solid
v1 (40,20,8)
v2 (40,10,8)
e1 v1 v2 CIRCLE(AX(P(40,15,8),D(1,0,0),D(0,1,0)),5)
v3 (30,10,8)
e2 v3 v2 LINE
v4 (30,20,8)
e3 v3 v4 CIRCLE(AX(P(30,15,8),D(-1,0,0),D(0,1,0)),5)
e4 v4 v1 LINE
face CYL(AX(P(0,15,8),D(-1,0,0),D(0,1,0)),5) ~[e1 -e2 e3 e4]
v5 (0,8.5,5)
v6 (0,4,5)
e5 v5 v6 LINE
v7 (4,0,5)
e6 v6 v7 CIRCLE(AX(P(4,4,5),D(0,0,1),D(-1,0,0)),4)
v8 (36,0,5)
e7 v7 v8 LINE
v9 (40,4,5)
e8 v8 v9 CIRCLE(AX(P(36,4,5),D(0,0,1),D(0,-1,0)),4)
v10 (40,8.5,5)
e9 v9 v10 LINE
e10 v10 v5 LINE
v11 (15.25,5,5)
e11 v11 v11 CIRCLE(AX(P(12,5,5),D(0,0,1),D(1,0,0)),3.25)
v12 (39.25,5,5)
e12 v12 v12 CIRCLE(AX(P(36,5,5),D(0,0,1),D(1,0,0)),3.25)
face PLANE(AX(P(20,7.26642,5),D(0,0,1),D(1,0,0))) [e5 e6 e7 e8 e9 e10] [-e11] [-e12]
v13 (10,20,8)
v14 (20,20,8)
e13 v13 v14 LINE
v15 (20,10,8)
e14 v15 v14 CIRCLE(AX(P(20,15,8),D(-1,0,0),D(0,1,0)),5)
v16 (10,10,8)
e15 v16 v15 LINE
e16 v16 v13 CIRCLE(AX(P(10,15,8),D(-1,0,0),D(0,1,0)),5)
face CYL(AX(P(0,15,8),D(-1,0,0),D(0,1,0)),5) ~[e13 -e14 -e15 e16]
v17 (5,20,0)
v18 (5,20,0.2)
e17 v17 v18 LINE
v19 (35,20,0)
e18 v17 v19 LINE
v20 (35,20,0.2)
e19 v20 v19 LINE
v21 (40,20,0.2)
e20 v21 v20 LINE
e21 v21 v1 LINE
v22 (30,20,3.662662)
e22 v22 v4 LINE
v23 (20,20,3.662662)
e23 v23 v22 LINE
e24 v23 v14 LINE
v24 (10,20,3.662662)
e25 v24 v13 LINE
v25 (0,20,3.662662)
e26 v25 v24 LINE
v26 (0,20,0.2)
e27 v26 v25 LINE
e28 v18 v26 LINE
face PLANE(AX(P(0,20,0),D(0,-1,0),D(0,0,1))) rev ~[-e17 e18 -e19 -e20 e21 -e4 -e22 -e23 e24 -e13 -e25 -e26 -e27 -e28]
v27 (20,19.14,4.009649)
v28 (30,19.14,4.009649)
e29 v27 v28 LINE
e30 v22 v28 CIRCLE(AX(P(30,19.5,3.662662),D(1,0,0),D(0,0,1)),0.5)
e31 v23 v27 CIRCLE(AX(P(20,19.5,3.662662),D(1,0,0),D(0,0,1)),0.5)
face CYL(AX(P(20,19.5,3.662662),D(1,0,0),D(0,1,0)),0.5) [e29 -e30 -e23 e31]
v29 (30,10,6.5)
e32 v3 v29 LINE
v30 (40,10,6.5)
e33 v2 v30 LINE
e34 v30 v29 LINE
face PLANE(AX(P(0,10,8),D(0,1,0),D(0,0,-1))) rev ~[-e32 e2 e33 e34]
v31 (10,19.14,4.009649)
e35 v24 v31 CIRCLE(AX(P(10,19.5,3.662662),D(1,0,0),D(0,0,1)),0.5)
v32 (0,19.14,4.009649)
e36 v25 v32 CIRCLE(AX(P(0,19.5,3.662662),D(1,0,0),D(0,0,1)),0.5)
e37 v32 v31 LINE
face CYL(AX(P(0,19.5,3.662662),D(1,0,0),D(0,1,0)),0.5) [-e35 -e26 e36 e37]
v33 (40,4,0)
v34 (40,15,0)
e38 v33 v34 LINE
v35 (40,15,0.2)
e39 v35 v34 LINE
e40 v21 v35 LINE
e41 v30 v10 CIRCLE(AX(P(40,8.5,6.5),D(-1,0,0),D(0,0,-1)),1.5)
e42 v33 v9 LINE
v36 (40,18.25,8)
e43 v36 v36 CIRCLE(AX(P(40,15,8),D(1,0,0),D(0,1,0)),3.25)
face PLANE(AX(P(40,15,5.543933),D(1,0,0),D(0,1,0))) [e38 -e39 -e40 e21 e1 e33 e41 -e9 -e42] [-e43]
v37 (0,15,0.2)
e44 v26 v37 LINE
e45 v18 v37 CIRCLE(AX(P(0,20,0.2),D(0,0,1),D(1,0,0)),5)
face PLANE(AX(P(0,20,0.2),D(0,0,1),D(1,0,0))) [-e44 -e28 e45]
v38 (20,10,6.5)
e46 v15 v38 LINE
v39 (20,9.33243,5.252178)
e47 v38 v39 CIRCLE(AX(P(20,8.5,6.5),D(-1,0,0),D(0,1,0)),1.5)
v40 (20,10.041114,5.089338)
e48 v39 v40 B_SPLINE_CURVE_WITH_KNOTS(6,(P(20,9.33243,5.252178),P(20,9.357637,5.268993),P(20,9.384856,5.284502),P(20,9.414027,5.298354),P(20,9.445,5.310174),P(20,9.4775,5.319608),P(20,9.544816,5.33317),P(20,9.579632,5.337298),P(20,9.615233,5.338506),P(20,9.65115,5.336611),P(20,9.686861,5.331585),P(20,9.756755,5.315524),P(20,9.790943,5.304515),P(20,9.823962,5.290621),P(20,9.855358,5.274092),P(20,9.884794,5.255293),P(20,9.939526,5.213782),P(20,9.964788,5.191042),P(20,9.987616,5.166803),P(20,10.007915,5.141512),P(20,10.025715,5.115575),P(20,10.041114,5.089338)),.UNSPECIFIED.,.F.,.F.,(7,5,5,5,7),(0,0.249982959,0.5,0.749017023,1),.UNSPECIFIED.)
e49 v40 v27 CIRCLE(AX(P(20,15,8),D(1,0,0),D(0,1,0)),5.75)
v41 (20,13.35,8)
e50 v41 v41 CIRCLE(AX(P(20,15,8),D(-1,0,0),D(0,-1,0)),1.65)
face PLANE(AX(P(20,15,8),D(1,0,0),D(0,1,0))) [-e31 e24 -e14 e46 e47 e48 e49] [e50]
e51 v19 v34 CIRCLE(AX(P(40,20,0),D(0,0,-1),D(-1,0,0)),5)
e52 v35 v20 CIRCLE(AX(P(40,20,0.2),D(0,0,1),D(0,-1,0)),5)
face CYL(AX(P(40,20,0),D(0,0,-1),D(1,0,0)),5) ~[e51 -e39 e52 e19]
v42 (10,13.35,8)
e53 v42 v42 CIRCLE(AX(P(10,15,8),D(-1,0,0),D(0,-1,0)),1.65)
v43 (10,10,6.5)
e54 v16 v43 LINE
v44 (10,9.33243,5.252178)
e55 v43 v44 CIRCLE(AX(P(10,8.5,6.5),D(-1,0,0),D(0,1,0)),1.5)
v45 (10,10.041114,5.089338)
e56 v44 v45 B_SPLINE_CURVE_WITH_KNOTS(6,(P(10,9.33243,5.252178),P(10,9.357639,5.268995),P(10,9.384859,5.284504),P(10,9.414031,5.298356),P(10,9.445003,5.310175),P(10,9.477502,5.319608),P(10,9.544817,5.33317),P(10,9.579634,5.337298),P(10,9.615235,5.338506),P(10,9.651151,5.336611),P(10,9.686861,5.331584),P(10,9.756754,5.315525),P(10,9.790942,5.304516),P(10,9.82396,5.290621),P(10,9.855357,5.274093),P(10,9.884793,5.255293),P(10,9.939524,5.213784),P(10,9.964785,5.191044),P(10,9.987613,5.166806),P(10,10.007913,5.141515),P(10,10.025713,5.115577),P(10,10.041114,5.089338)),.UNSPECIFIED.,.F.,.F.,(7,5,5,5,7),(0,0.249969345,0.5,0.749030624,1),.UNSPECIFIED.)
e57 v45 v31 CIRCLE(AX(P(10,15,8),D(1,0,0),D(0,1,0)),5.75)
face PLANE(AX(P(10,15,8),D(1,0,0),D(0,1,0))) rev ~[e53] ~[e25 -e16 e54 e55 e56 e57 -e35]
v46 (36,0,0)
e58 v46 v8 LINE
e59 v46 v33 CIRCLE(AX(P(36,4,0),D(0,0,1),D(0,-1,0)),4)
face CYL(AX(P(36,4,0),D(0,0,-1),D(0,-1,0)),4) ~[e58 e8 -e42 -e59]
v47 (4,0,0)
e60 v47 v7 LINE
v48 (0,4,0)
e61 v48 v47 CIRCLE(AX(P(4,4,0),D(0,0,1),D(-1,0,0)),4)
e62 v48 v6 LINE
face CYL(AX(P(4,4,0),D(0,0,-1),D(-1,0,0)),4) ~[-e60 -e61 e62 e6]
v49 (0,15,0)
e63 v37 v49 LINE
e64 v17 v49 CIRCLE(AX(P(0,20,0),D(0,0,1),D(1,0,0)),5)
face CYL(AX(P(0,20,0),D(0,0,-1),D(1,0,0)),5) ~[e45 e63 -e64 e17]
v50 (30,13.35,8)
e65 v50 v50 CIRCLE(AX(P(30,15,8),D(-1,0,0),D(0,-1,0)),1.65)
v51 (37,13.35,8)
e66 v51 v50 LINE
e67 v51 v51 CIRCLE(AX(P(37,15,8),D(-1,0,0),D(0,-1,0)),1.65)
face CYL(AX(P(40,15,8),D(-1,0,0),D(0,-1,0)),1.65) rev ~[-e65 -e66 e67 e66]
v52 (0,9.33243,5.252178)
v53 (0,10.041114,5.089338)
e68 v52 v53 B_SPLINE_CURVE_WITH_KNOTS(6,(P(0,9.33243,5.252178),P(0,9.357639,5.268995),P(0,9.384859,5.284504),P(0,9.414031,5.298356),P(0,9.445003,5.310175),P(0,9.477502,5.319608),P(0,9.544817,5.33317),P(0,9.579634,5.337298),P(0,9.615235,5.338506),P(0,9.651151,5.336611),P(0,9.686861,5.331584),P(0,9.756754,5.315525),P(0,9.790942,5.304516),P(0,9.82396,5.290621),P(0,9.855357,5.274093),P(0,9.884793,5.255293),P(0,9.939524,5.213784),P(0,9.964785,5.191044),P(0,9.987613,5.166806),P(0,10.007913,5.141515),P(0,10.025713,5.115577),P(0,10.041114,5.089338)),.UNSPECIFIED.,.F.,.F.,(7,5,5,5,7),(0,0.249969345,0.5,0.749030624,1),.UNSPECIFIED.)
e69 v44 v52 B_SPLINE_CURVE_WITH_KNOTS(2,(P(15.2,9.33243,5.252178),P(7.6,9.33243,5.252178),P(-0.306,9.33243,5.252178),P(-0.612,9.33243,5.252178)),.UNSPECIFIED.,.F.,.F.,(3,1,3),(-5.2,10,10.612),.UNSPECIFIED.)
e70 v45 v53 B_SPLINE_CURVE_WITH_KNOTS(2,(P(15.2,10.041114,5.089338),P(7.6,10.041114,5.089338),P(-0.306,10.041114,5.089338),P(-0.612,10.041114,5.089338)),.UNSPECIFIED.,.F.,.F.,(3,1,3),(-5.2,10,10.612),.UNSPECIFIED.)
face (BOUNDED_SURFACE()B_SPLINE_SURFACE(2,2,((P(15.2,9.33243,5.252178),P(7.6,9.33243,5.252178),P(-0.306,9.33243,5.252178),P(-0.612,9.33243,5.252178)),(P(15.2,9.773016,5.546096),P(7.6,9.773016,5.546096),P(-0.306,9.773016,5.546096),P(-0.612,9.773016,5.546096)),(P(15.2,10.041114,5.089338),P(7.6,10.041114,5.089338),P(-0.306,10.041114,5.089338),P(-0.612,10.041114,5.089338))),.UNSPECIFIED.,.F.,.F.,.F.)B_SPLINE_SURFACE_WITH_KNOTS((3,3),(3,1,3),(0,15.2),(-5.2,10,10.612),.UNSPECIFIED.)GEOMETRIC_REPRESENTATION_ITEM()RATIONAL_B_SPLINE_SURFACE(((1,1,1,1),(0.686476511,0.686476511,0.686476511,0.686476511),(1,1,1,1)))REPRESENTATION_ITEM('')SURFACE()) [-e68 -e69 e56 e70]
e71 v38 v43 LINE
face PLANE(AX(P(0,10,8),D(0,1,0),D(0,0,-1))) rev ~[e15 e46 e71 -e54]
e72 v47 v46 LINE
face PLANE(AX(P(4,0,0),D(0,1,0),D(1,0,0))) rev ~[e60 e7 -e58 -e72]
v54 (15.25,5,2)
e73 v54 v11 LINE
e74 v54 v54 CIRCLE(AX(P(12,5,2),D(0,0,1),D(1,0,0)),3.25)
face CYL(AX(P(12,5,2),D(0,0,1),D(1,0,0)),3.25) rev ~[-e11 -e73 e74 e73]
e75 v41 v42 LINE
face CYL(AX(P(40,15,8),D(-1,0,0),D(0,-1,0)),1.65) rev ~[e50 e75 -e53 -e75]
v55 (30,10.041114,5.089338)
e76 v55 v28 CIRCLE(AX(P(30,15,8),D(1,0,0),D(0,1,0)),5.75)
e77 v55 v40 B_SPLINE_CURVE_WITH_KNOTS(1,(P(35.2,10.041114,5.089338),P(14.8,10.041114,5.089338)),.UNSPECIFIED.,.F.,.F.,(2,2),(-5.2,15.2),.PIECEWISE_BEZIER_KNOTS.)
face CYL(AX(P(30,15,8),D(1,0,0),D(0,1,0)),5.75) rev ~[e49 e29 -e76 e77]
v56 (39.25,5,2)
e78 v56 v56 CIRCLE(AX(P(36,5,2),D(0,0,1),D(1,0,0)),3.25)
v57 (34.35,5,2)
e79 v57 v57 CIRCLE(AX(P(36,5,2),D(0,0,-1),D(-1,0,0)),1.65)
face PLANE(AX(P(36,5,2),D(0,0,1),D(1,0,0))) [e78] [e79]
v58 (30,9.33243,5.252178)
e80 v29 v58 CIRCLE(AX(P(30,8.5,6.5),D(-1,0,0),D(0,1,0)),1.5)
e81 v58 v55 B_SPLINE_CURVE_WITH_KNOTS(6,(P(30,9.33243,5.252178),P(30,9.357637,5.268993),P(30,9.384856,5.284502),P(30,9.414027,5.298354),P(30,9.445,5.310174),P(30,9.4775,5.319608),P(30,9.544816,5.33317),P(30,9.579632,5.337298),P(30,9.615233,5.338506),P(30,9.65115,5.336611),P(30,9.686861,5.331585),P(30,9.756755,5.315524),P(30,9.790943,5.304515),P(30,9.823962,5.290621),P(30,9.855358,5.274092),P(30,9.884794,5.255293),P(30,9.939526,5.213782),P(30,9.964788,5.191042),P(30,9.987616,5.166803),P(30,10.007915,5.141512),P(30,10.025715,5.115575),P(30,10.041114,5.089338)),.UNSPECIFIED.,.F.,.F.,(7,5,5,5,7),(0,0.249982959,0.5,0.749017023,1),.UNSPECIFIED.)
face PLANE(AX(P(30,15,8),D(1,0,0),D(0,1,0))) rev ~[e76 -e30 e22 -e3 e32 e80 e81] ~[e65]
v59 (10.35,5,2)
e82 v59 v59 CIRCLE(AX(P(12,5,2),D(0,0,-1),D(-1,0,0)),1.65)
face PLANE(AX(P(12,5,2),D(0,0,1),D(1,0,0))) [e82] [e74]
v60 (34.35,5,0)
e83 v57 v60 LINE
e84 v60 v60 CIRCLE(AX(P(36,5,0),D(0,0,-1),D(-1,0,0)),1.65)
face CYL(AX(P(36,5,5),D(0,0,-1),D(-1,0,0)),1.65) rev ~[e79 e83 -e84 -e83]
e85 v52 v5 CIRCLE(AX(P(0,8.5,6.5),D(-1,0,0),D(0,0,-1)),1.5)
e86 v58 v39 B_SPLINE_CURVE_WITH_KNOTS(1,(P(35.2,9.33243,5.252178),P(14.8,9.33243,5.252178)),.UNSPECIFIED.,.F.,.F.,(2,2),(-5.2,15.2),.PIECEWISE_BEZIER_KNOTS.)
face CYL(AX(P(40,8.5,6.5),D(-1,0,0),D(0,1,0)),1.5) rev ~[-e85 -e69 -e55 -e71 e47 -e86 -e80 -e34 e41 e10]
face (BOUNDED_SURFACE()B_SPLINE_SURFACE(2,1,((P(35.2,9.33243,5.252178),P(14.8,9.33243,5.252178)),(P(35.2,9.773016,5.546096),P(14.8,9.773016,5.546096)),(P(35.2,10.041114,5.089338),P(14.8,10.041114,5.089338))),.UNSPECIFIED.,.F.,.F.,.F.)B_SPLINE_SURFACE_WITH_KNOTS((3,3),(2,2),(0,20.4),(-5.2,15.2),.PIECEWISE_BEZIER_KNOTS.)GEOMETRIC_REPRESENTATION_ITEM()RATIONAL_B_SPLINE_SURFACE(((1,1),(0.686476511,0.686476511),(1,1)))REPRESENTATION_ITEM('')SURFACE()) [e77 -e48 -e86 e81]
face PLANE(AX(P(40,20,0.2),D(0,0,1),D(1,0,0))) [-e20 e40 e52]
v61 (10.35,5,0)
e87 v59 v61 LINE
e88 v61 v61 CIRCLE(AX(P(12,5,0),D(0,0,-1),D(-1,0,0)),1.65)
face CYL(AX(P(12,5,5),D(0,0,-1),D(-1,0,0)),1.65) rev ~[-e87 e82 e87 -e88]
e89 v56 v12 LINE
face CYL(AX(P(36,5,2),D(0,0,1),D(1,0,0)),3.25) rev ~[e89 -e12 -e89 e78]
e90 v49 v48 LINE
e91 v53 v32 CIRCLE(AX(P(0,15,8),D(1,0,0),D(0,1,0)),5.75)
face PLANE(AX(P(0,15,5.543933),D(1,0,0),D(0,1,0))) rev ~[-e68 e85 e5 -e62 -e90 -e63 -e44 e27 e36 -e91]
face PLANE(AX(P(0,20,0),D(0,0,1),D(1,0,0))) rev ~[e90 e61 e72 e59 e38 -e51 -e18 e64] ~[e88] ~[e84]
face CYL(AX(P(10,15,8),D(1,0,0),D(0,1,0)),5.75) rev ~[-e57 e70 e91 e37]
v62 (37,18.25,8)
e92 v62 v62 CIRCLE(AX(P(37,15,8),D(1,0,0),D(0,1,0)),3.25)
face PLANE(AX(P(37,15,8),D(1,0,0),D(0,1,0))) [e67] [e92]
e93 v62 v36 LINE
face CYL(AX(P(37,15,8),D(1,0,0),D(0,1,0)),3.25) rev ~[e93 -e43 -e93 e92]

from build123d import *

# Parameters (mm, degrees)
F1_DEPTH       = 5
F3_D           = 3.3
F3_CBORE_D     = 6.5
F3_CBORE_DEPTH = 3
F5_DEPTH       = 40
F6_R           = 1.5
F8_D           = 3.3
F8_CBORE_D     = 6.5
F8_CBORE_DEPTH = 3
F10_R          = 5.75
F11_DEPTH      = 10
F13_R          = 5.75
F14_DEPTH      = 10.001
F15_R          = 0.5
F16_R          = 5
F17_DEPTH      = 0.2


with BuildPart() as f1:
    # F0 (on Top) → F1 (new body)
    with BuildSketch(Plane.XY):
        with BuildLine():
            ThreePointArc((0, 4), (1.1715728753, 1.1715728753), (4, 0))
            Line((4, 0), (36, 0))
            ThreePointArc((36, 0), (38.8284271247, 1.1715728753), (40, 4))
            Line((40, 4), (40, 14))
            Line((40, 14), (0, 14))
            Line((0, 14), (0, 4))
        make_face()
    extrude(amount=F1_DEPTH)

    # F3 (through all)
    with Locations(Plane.XY.offset(5)):
        with Locations((12, 5), (36, 5)):
            CounterBoreHole(F3_D / 2, F3_CBORE_D / 2, F3_CBORE_DEPTH)

    # F4 (on Right) → F5 (join)
    with BuildSketch(Plane.YZ):
        with BuildLine():
            Line((10, 8), (10, 0))
            Line((10, 0), (20, 0))
            Line((20, 0), (20, 8))
            ThreePointArc((20, 8), (15, 13), (10, 8))
        make_face()
    extrude(amount=F5_DEPTH)

    # F6
    f6_edges = [f1.edges().sort_by_distance(p)[0] for p in [
        (20, 10, 5),
    ]]
    fillet(f6_edges, radius=F6_R)

    # F8 (through all)
    with Locations(Plane.YZ.offset(40)):
        with Locations((15, 8)):
            CounterBoreHole(F8_D / 2, F8_CBORE_D / 2, F8_CBORE_DEPTH)

    # F10 (on offset) → F11 (cut)
    with BuildSketch(Plane.YZ.offset(30)):
        with Locations((15, 8)):
            Circle(F10_R)
    extrude(amount=-F11_DEPTH, mode=Mode.SUBTRACT)

    # F13 (on offset) → F14 (cut, through all)
    with BuildSketch(Plane.YZ.offset(10)):
        with Locations((15, 8)):
            Circle(F13_R)
    extrude(amount=-F14_DEPTH, mode=Mode.SUBTRACT)

    # F15
    f15_edges = [f1.edges().sort_by_distance(p)[0] for p in [
        (5, 9.745712, 5.664415),
        (5, 20, 5.160546),
        (25, 20, 5.160546),
        (25, 9.745712, 5.664415),
    ]]
    fillet(f15_edges, radius=F15_R)

    # F16 (on Top) → F17 (join)
    with BuildSketch(Plane.XY):
        with Locations((0, 20)):
            Circle(F16_R)
        with Locations((40, 20)):
            Circle(F16_R)
    extrude(amount=F17_DEPTH)


solid = f1.part
